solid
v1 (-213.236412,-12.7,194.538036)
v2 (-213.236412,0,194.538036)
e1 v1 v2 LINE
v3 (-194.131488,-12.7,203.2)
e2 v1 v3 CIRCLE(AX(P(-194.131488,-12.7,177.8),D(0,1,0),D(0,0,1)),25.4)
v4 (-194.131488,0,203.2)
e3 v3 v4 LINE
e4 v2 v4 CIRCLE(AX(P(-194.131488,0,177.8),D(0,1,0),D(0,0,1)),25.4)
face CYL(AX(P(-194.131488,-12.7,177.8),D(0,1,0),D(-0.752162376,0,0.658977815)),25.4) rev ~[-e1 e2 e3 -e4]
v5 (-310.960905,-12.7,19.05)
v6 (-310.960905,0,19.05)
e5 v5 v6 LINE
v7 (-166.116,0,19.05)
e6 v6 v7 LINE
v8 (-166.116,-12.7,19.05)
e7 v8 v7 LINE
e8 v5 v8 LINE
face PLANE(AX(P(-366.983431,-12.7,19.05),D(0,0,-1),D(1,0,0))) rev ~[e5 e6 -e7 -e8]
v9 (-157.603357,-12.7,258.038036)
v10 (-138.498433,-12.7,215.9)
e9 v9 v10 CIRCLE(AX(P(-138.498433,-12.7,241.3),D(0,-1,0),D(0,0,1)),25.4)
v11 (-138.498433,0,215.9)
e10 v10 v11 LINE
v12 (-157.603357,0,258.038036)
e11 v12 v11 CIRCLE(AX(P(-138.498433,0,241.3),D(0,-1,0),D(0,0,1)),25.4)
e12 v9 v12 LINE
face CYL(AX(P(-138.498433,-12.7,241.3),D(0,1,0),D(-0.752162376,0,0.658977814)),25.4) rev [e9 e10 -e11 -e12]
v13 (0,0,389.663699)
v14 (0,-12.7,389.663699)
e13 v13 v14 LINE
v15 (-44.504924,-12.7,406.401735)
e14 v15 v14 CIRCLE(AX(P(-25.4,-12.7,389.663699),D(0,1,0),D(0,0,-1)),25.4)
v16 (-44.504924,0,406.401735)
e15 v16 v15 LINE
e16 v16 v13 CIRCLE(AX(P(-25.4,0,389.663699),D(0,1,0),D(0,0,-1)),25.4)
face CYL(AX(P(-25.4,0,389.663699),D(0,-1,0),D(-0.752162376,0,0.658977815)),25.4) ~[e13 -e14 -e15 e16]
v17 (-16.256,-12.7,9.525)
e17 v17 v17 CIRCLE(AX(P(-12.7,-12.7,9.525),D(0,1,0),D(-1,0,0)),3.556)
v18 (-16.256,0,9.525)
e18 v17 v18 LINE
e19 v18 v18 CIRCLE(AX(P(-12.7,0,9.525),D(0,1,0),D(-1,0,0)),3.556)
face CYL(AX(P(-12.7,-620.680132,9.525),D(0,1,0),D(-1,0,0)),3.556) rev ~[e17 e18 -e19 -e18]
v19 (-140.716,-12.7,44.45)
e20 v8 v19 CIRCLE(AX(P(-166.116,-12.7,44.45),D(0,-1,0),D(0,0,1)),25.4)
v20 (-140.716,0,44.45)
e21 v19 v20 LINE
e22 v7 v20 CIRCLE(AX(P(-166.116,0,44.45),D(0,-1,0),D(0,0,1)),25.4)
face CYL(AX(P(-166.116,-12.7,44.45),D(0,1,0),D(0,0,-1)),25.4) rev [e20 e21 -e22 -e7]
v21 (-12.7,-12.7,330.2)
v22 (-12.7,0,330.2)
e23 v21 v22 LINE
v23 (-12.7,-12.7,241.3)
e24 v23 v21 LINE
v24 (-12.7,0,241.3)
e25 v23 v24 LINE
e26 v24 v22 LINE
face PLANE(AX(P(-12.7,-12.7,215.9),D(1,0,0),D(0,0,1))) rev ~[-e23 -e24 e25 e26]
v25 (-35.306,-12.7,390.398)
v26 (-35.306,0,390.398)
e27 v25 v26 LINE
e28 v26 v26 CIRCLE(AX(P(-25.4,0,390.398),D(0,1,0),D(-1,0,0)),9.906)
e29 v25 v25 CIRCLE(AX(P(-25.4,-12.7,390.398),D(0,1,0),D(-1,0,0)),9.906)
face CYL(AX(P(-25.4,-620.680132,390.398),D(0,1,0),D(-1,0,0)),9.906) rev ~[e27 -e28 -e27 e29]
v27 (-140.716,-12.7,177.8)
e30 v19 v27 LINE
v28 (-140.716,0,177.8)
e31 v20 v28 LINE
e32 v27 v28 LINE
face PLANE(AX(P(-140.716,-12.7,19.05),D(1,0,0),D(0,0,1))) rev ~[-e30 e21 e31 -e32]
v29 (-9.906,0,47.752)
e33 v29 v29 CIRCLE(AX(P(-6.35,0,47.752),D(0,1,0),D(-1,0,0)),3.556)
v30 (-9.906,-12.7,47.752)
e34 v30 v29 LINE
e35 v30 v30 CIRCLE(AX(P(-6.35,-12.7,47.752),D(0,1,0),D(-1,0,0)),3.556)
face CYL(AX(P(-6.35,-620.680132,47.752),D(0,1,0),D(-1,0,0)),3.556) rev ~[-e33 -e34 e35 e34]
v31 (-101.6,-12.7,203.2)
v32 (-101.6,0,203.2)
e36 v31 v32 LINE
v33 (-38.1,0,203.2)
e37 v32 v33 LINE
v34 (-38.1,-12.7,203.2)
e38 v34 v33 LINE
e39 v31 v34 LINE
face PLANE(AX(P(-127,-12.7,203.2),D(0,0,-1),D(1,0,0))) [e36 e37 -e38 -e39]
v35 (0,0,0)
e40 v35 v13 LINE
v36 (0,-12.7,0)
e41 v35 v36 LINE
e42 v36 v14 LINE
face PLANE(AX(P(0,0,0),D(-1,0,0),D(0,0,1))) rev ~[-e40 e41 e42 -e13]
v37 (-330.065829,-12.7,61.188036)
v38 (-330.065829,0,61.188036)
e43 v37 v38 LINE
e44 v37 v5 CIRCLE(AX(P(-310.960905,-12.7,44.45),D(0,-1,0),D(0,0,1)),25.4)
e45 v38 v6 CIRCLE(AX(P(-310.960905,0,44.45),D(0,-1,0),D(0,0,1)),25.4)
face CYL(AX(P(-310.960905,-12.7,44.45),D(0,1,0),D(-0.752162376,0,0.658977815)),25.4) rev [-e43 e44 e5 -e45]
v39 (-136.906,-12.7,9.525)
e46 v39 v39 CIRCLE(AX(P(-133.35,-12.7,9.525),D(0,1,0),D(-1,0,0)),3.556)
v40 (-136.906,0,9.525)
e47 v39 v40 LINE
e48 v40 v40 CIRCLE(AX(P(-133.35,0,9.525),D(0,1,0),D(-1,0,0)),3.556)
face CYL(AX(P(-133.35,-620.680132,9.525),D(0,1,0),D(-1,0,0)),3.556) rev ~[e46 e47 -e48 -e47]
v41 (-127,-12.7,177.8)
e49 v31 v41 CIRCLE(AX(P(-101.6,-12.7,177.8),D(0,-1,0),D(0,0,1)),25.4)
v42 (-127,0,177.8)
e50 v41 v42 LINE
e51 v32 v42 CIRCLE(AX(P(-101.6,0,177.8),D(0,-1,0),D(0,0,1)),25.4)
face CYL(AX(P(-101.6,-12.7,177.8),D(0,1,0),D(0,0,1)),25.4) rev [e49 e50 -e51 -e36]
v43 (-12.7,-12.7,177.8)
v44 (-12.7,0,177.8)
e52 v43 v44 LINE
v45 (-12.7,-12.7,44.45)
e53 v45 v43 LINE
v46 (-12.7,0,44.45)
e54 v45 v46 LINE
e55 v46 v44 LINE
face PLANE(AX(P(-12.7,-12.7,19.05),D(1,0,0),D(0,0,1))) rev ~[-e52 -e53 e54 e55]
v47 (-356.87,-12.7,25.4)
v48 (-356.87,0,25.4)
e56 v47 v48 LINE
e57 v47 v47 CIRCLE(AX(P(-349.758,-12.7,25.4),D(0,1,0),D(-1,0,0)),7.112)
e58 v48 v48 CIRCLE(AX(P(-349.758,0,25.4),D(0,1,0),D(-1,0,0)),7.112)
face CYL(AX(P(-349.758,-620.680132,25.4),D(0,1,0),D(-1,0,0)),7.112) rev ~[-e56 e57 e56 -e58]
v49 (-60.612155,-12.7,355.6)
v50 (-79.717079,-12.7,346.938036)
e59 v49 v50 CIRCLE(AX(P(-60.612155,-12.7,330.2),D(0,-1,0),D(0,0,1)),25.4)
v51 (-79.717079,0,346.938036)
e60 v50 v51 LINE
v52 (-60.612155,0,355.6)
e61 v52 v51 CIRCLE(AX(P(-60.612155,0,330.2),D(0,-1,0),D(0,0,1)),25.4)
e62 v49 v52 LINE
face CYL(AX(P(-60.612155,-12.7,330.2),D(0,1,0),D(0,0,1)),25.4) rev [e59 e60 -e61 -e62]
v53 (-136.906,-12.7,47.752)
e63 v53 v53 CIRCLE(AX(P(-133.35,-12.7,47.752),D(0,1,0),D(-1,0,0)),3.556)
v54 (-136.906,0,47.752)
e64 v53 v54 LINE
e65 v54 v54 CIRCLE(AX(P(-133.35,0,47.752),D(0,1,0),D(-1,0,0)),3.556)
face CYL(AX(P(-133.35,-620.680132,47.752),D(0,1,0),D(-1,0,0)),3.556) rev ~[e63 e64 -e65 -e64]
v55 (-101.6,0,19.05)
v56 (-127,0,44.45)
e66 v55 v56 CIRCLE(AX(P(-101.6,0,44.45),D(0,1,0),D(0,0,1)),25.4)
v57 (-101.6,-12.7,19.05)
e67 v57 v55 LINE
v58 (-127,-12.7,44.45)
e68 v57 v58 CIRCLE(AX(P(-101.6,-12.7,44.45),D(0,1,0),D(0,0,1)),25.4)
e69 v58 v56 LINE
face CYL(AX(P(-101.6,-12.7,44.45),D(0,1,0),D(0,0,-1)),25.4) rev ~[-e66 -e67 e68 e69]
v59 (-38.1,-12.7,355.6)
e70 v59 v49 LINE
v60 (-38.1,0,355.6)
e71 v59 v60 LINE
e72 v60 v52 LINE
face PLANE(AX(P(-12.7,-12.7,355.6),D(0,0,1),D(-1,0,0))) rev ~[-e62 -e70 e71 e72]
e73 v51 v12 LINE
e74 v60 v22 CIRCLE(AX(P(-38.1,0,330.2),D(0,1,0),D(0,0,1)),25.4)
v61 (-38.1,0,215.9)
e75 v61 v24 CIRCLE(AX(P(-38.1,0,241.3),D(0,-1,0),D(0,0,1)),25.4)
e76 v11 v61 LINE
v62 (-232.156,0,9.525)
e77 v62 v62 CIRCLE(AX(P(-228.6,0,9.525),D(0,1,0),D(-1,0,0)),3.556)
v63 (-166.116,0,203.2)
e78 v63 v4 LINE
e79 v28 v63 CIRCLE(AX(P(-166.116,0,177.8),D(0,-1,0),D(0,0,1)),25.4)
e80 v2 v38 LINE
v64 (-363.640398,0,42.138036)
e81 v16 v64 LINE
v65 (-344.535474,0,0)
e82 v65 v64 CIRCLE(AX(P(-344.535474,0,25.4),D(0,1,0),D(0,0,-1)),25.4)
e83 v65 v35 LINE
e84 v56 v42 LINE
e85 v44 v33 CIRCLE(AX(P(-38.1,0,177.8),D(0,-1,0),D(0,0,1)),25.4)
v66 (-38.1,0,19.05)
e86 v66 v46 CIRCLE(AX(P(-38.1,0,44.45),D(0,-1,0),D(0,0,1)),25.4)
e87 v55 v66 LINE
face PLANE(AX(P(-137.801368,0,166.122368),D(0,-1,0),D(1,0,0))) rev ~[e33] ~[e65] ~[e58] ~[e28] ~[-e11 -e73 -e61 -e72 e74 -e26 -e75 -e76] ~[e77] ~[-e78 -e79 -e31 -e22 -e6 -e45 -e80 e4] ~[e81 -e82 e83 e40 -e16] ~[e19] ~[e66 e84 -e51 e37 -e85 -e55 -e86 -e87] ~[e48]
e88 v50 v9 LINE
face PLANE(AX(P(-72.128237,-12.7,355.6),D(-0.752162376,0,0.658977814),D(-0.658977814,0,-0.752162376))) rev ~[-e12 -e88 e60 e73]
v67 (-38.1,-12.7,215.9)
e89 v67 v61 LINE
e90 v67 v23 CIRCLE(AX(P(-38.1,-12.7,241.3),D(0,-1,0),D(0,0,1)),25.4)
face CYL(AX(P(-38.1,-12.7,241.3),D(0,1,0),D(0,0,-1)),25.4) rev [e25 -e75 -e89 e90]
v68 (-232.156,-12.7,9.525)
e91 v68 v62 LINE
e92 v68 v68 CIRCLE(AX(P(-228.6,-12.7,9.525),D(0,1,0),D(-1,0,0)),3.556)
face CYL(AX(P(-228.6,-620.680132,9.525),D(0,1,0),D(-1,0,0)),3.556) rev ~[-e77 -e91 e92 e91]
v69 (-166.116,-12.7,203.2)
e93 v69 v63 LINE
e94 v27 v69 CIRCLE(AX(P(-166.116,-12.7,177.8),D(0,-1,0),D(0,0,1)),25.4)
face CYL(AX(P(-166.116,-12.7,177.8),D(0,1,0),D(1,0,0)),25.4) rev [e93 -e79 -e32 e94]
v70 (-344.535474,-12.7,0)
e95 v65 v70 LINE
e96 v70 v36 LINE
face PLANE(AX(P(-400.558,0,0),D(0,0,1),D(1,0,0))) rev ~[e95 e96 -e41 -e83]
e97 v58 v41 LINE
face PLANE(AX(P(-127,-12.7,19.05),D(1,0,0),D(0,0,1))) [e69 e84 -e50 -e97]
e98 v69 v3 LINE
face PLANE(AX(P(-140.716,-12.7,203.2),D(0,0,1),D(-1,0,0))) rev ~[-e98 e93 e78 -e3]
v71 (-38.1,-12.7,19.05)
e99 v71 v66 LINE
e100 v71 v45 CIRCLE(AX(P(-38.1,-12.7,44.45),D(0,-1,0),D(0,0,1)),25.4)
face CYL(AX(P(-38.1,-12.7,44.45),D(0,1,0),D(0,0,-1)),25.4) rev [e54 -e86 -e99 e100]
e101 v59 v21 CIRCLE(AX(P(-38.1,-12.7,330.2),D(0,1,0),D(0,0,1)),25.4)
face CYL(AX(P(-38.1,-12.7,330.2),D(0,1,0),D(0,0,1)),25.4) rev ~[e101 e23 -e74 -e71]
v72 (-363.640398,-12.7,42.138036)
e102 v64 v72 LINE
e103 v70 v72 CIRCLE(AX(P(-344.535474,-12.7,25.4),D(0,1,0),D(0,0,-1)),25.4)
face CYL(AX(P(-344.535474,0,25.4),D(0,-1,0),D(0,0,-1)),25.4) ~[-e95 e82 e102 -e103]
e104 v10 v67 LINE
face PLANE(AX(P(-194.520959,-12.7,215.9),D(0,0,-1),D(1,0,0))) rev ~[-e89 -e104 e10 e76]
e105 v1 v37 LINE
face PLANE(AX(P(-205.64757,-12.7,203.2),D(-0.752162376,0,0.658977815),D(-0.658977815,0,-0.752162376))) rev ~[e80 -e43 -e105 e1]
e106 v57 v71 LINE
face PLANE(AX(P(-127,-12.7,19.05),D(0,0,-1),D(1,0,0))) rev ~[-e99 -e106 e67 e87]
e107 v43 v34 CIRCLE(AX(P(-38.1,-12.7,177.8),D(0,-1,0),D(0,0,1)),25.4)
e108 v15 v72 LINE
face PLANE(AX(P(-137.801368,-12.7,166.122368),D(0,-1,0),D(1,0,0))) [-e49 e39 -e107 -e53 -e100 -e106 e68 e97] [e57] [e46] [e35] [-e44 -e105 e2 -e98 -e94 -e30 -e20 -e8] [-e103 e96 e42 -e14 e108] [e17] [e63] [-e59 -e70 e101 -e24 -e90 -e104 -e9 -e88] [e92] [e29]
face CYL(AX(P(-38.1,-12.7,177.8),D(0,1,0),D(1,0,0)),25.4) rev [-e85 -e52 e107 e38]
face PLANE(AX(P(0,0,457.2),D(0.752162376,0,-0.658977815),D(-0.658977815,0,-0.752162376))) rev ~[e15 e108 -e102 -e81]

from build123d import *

# Parameters (mm, degrees)
F1_DEPTH = 12.7
F2_W     = 114.3
F2_H     = 184.15
F3_DEPTH = 12.7
F4_R     = 25.4
F5_D     = 14.224
F6_D     = 19.812
F7_D     = 7.112
F8_R     = 25.4


with BuildPart() as f1:
    # F0 (on Front) → F1 (new body)
    with BuildSketch(Plane.XZ):
        Polygon((-400.558, 0), (0, 0), (0, 457.2), align=None)
    extrude(amount=F1_DEPTH)

    # F2 (on face) → F3 (cut, through all)
    with BuildSketch(Plane.XZ.offset(12.7)):
        with Locations((-69.85, 111.125)):
            Rectangle(F2_W, F2_H)
        Polygon((-205.64757, 203.2), (-366.983431, 19.05), (-140.716, 19.05), (-140.716, 203.2), align=None)
        Polygon((-12.7, 355.6), (-72.128237, 355.6), (-194.520959, 215.9), (-12.7, 215.9), align=None)
    extrude(amount=-F3_DEPTH, mode=Mode.SUBTRACT)

    # F4
    f4_edges = [f1.edges().sort_by_distance(p)[0] for p in [
        (-205.64757, -6.35, 203.2),
        (-140.716, -6.35, 203.2),
        (-127, -6.35, 203.2),
        (-12.7, -6.35, 203.2),
        (-12.7, -6.35, 355.6),
        (-72.128237, -6.35, 355.6),
        (-366.983431, -6.35, 19.05),
        (-140.716, -6.35, 19.05),
        (-127, -6.35, 19.05),
        (-12.7, -6.35, 19.05),
        (-194.520959, -6.35, 215.9),
        (-12.7, -6.35, 215.9),
    ]]
    fillet(f4_edges, radius=F4_R)

    # F5 (through all)
    with Locations(Plane.XZ.offset(12.7)):
        with Locations((-349.758, 25.4)):
            Hole(F5_D / 2)

    # F6 (through all)
    with Locations(Plane.XZ.offset(12.7)):
        with Locations((-25.4, 390.398)):
            Hole(F6_D / 2)

    # F7 (through all)
    with Locations(Plane.XZ.offset(12.7)):
        with Locations((-228.6, 9.525), (-133.35, 9.525), (-133.35, 47.752), (-6.35, 47.752), (-12.7, 9.525)):
            Hole(F7_D / 2)

    # F8
    f8_edges = [f1.edges().sort_by_distance(p)[0] for p in [
        (0, -6.35, 457.2),
        (-400.558, -6.35, 0),
    ]]
    fillet(f8_edges, radius=F8_R)


solid = f1.part
